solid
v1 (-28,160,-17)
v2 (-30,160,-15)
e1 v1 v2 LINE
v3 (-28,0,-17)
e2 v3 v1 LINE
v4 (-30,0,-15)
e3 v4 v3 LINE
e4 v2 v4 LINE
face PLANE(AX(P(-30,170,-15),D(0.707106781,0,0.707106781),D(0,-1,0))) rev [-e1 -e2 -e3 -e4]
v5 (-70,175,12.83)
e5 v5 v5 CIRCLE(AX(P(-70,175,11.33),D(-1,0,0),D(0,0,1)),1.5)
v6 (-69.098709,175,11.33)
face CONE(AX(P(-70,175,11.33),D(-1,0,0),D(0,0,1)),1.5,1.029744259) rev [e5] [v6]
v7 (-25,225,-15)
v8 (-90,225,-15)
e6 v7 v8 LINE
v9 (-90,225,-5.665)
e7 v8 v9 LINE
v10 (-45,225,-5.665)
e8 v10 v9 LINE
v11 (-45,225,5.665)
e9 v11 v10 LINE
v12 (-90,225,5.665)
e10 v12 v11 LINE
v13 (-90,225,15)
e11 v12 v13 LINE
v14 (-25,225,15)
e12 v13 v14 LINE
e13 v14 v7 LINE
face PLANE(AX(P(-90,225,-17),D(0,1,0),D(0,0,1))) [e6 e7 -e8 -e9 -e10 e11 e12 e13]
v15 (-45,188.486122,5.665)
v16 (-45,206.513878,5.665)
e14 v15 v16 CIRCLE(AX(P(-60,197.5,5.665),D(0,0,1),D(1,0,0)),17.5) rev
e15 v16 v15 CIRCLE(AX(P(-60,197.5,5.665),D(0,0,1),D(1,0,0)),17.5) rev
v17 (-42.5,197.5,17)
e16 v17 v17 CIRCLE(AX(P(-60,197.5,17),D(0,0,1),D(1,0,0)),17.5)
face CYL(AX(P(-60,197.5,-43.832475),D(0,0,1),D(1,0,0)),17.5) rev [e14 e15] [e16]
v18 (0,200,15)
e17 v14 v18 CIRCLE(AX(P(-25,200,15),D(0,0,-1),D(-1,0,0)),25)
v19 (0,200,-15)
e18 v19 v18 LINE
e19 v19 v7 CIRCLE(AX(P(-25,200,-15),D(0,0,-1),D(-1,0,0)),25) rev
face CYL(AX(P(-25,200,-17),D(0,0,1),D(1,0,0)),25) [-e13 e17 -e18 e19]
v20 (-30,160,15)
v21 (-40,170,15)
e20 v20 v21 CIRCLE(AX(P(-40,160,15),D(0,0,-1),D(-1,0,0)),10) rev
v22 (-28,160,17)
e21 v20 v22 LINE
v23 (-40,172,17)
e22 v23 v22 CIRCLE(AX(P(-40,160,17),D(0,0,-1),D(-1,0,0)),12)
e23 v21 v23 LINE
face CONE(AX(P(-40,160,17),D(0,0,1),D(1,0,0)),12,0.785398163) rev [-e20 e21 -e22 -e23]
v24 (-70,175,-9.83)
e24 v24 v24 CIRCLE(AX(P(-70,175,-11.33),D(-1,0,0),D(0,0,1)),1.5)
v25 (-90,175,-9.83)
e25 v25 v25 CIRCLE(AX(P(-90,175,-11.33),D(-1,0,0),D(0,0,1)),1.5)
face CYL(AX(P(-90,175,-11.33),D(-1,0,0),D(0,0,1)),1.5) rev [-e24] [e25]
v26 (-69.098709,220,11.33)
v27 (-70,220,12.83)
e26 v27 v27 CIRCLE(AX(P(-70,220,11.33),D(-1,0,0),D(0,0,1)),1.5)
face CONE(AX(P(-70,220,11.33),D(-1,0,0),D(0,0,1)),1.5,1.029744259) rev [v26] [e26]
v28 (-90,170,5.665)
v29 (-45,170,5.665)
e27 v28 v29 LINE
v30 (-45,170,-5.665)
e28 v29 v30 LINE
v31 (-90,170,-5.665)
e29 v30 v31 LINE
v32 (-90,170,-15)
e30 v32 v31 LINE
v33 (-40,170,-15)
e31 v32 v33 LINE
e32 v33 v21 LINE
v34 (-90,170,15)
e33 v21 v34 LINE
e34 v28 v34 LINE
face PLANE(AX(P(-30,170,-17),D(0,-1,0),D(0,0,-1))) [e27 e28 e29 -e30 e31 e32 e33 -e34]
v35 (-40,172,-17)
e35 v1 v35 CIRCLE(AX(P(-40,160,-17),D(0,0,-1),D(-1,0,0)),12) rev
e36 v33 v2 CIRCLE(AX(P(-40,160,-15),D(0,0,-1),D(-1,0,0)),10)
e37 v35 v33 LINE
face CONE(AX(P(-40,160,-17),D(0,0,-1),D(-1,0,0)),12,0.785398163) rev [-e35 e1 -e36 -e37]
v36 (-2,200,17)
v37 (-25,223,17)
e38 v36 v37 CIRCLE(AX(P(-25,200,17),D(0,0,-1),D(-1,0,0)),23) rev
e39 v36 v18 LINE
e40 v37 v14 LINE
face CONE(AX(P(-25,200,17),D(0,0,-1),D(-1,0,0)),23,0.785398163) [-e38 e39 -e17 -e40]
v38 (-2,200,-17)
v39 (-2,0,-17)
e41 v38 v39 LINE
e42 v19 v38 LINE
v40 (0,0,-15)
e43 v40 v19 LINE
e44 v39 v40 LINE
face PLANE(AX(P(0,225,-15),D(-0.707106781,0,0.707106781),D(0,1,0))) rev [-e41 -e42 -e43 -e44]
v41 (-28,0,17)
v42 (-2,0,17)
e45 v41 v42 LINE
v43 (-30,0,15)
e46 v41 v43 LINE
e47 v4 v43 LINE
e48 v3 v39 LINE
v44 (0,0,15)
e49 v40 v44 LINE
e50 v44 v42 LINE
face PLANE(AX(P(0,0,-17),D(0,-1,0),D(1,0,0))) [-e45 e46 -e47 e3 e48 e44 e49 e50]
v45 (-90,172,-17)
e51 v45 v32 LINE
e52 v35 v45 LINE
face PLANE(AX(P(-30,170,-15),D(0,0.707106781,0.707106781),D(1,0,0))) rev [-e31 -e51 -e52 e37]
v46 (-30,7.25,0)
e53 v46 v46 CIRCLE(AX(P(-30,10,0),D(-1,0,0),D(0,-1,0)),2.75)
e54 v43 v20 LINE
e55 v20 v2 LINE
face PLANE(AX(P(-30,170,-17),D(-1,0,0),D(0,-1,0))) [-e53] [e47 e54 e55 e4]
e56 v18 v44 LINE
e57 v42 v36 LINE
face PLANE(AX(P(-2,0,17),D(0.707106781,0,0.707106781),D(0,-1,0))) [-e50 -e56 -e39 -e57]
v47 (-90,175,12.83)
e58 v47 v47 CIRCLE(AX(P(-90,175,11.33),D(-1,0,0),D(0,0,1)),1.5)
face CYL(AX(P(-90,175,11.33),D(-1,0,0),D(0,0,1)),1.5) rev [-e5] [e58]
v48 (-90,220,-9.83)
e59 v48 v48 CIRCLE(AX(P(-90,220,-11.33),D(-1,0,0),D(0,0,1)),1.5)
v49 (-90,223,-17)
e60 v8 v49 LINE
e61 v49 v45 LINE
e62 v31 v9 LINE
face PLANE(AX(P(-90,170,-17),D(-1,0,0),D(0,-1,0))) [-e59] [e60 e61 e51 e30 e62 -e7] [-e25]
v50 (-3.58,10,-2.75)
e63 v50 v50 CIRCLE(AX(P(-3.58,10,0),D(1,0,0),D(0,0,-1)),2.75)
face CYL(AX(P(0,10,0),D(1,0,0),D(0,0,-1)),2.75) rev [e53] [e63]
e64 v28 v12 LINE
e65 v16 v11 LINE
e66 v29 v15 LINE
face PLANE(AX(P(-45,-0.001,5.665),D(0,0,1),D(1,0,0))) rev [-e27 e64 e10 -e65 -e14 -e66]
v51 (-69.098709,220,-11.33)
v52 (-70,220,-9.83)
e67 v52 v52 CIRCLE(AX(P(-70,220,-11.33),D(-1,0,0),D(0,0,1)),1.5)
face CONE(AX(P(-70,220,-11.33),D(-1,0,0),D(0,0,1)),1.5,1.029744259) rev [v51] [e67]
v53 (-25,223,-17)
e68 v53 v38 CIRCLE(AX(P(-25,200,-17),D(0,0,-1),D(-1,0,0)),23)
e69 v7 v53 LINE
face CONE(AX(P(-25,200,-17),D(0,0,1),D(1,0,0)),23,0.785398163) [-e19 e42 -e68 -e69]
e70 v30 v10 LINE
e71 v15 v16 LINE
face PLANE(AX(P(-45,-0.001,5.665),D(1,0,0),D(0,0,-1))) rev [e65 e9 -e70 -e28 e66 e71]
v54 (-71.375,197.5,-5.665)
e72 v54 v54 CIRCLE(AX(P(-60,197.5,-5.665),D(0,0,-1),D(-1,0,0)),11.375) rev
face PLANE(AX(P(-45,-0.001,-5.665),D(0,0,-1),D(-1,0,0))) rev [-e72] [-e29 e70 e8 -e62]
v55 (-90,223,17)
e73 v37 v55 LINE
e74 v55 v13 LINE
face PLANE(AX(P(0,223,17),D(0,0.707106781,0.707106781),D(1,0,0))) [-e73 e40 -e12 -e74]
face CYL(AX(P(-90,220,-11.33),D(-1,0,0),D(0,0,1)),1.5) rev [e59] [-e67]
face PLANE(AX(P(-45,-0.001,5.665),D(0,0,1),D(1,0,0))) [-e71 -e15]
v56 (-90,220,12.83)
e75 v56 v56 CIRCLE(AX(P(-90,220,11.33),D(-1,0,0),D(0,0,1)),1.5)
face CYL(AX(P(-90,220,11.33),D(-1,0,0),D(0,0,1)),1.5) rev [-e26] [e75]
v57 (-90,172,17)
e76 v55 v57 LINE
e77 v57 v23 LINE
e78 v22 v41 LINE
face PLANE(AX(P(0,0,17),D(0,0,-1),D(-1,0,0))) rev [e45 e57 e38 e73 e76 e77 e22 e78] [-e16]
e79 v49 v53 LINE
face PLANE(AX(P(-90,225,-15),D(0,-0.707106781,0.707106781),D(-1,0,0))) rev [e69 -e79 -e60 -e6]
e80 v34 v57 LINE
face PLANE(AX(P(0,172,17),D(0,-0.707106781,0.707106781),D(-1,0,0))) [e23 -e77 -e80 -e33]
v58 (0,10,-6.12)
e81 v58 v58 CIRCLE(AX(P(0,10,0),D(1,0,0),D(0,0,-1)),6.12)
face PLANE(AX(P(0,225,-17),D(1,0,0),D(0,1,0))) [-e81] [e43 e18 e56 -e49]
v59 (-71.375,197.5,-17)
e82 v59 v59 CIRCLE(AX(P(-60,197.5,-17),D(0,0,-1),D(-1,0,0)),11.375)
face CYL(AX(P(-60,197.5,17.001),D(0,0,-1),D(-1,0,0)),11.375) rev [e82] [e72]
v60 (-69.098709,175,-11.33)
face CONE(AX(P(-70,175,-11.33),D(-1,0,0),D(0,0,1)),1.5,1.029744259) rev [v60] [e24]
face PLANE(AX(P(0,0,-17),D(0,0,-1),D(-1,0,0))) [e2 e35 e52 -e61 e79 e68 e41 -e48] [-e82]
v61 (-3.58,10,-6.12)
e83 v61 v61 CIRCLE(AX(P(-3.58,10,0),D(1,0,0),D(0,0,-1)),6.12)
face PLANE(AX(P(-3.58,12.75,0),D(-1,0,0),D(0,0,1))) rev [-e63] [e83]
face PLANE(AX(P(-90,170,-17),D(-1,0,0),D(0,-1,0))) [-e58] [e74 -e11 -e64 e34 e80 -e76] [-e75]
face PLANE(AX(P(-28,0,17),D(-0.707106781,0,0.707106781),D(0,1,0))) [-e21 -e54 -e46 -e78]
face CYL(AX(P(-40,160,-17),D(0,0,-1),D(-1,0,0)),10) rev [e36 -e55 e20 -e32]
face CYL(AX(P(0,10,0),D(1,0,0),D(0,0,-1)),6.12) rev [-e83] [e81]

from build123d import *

# Parameters (mm, degrees)
BOSS_EXTRUDE1_DEPTH                     = 17
CUT_EXTRUDE1_REACH                      = 244.928
SKETCH3_W                               = 45
SKETCH3_H                               = 11.33
FILLET1_R                               = 25
FILLET2_R                               = 10
SKETCH4_R                               = 17.5
CUT_EXTRUDE2_DEPTH                      = 11.335
CUT_EXTRUDE3_REACH                      = 246.706
SKETCH5_R                               = 11.375
CHAMFER1_SIZE                           = 2
CBORE_FOR_M5_HEX_HEAD_BOLT1_D           = 5.5
CBORE_FOR_M5_HEX_HEAD_BOLT1_CBORE_D     = 12.24
CBORE_FOR_M5_HEX_HEAD_BOLT1_CBORE_DEPTH = 3.58
F_3_0MM_DOWEL_HOLE1_D                   = 3
F_3_0MM_DOWEL_HOLE1_DEPTH               = 20
F_3_0MM_DOWEL_HOLE1_TIP                 = 0.901290929


with BuildPart() as part:
    # Sketch1 → Boss-Extrude1 (new, symmetric)
    with BuildSketch(Plane.XY):
        Polygon((0, 0), (-30, 0), (-30, 170), (-90, 170), (-90, 225), (0, 225), align=None)
    extrude(amount=BOSS_EXTRUDE1_DEPTH, both=True)

    # Sketch3 → Cut-Extrude1 (cut, up to next)
    with BuildSketch(Plane(origin=(0, 225, 0), x_dir=(1, 0, 0), z_dir=(0, 1, 0)), mode=Mode.PRIVATE) as cut_extrude1_sk1:
        with Locations((-67.5, 0)):
            Rectangle(SKETCH3_W, SKETCH3_H)
    cut_extrude1_tool1 = extrude(cut_extrude1_sk1.sketch, amount=-CUT_EXTRUDE1_REACH, mode=Mode.PRIVATE) & part.part
    add(cut_extrude1_tool1.solids().sort_by_distance((-67.5, 225, 0))[0], mode=Mode.SUBTRACT)

    # Fillet1
    fillet1_edges = [part.edges().sort_by_distance(p)[0] for p in [
        (0, 225, 0),
    ]]
    fillet(fillet1_edges, radius=FILLET1_R)

    # Fillet2
    fillet2_edges = [part.edges().sort_by_distance(p)[0] for p in [
        (-30, 170, 0),
    ]]
    fillet(fillet2_edges, radius=FILLET2_R)

    # Sketch4 → Cut-Extrude2 (cut)
    with BuildSketch(Plane.XY.offset(17)):
        with Locations((-60, 197.5)):
            Circle(SKETCH4_R)
    extrude(amount=-CUT_EXTRUDE2_DEPTH, mode=Mode.SUBTRACT)

    # Sketch5 → Cut-Extrude3 (cut, up to next)
    with BuildSketch(Plane(origin=(0, 0, -17), x_dir=(-1, 0, 0), z_dir=(0, 0, -1)), mode=Mode.PRIVATE) as cut_extrude3_sk1:
        with Locations((60, 197.5)):
            Circle(SKETCH5_R)
    cut_extrude3_tool1 = extrude(cut_extrude3_sk1.sketch, amount=-CUT_EXTRUDE3_REACH, mode=Mode.PRIVATE) & part.part
    add(cut_extrude3_tool1.solids().sort_by_distance((-60, 197.5, -17))[0], mode=Mode.SUBTRACT)

    # Chamfer1
    chamfer1_edges = [part.edges().sort_by_distance(p)[0] for p in [
        (-65, 170, -17),
        (-57.5, 225, 17),
        (-7.32233047, 217.67766953, 17),
        (-57.5, 225, -17),
        (-7.32233047, 217.67766953, -17),
        (-30, 80, 17),
        (-30, 80, -17),
        (-32.928932188, 167.071067812, 17),
        (-32.928932188, 167.071067812, -17),
        (0, 100, -17),
        (-65, 170, 17),
        (0, 100, 17),
    ]]
    chamfer(chamfer1_edges, length=CHAMFER1_SIZE)

    # CBORE for M5 Hex Head Bolt1 (through all)
    with Locations(Plane(origin=(0, 0, 0), x_dir=(0, 0, -1), z_dir=(1, 0, 0))):
        with Locations((0, 10)):
            CounterBoreHole(CBORE_FOR_M5_HEX_HEAD_BOLT1_D / 2, CBORE_FOR_M5_HEX_HEAD_BOLT1_CBORE_D / 2, CBORE_FOR_M5_HEX_HEAD_BOLT1_CBORE_DEPTH)

    # Ø3.0mm Dowel Hole1
    with Locations(Plane.ZY.offset(90)):
        with Locations((11.33, 220), (-11.33, 175), (-11.33, 220), (11.33, 175)):
            Hole(F_3_0MM_DOWEL_HOLE1_D / 2, depth=F_3_0MM_DOWEL_HOLE1_DEPTH)
            with Locations((0, 0, -(F_3_0MM_DOWEL_HOLE1_DEPTH + F_3_0MM_DOWEL_HOLE1_TIP / 2))):  # 118° drill point
                Cone(0, F_3_0MM_DOWEL_HOLE1_D / 2, F_3_0MM_DOWEL_HOLE1_TIP, mode=Mode.SUBTRACT)


solid = part.part
